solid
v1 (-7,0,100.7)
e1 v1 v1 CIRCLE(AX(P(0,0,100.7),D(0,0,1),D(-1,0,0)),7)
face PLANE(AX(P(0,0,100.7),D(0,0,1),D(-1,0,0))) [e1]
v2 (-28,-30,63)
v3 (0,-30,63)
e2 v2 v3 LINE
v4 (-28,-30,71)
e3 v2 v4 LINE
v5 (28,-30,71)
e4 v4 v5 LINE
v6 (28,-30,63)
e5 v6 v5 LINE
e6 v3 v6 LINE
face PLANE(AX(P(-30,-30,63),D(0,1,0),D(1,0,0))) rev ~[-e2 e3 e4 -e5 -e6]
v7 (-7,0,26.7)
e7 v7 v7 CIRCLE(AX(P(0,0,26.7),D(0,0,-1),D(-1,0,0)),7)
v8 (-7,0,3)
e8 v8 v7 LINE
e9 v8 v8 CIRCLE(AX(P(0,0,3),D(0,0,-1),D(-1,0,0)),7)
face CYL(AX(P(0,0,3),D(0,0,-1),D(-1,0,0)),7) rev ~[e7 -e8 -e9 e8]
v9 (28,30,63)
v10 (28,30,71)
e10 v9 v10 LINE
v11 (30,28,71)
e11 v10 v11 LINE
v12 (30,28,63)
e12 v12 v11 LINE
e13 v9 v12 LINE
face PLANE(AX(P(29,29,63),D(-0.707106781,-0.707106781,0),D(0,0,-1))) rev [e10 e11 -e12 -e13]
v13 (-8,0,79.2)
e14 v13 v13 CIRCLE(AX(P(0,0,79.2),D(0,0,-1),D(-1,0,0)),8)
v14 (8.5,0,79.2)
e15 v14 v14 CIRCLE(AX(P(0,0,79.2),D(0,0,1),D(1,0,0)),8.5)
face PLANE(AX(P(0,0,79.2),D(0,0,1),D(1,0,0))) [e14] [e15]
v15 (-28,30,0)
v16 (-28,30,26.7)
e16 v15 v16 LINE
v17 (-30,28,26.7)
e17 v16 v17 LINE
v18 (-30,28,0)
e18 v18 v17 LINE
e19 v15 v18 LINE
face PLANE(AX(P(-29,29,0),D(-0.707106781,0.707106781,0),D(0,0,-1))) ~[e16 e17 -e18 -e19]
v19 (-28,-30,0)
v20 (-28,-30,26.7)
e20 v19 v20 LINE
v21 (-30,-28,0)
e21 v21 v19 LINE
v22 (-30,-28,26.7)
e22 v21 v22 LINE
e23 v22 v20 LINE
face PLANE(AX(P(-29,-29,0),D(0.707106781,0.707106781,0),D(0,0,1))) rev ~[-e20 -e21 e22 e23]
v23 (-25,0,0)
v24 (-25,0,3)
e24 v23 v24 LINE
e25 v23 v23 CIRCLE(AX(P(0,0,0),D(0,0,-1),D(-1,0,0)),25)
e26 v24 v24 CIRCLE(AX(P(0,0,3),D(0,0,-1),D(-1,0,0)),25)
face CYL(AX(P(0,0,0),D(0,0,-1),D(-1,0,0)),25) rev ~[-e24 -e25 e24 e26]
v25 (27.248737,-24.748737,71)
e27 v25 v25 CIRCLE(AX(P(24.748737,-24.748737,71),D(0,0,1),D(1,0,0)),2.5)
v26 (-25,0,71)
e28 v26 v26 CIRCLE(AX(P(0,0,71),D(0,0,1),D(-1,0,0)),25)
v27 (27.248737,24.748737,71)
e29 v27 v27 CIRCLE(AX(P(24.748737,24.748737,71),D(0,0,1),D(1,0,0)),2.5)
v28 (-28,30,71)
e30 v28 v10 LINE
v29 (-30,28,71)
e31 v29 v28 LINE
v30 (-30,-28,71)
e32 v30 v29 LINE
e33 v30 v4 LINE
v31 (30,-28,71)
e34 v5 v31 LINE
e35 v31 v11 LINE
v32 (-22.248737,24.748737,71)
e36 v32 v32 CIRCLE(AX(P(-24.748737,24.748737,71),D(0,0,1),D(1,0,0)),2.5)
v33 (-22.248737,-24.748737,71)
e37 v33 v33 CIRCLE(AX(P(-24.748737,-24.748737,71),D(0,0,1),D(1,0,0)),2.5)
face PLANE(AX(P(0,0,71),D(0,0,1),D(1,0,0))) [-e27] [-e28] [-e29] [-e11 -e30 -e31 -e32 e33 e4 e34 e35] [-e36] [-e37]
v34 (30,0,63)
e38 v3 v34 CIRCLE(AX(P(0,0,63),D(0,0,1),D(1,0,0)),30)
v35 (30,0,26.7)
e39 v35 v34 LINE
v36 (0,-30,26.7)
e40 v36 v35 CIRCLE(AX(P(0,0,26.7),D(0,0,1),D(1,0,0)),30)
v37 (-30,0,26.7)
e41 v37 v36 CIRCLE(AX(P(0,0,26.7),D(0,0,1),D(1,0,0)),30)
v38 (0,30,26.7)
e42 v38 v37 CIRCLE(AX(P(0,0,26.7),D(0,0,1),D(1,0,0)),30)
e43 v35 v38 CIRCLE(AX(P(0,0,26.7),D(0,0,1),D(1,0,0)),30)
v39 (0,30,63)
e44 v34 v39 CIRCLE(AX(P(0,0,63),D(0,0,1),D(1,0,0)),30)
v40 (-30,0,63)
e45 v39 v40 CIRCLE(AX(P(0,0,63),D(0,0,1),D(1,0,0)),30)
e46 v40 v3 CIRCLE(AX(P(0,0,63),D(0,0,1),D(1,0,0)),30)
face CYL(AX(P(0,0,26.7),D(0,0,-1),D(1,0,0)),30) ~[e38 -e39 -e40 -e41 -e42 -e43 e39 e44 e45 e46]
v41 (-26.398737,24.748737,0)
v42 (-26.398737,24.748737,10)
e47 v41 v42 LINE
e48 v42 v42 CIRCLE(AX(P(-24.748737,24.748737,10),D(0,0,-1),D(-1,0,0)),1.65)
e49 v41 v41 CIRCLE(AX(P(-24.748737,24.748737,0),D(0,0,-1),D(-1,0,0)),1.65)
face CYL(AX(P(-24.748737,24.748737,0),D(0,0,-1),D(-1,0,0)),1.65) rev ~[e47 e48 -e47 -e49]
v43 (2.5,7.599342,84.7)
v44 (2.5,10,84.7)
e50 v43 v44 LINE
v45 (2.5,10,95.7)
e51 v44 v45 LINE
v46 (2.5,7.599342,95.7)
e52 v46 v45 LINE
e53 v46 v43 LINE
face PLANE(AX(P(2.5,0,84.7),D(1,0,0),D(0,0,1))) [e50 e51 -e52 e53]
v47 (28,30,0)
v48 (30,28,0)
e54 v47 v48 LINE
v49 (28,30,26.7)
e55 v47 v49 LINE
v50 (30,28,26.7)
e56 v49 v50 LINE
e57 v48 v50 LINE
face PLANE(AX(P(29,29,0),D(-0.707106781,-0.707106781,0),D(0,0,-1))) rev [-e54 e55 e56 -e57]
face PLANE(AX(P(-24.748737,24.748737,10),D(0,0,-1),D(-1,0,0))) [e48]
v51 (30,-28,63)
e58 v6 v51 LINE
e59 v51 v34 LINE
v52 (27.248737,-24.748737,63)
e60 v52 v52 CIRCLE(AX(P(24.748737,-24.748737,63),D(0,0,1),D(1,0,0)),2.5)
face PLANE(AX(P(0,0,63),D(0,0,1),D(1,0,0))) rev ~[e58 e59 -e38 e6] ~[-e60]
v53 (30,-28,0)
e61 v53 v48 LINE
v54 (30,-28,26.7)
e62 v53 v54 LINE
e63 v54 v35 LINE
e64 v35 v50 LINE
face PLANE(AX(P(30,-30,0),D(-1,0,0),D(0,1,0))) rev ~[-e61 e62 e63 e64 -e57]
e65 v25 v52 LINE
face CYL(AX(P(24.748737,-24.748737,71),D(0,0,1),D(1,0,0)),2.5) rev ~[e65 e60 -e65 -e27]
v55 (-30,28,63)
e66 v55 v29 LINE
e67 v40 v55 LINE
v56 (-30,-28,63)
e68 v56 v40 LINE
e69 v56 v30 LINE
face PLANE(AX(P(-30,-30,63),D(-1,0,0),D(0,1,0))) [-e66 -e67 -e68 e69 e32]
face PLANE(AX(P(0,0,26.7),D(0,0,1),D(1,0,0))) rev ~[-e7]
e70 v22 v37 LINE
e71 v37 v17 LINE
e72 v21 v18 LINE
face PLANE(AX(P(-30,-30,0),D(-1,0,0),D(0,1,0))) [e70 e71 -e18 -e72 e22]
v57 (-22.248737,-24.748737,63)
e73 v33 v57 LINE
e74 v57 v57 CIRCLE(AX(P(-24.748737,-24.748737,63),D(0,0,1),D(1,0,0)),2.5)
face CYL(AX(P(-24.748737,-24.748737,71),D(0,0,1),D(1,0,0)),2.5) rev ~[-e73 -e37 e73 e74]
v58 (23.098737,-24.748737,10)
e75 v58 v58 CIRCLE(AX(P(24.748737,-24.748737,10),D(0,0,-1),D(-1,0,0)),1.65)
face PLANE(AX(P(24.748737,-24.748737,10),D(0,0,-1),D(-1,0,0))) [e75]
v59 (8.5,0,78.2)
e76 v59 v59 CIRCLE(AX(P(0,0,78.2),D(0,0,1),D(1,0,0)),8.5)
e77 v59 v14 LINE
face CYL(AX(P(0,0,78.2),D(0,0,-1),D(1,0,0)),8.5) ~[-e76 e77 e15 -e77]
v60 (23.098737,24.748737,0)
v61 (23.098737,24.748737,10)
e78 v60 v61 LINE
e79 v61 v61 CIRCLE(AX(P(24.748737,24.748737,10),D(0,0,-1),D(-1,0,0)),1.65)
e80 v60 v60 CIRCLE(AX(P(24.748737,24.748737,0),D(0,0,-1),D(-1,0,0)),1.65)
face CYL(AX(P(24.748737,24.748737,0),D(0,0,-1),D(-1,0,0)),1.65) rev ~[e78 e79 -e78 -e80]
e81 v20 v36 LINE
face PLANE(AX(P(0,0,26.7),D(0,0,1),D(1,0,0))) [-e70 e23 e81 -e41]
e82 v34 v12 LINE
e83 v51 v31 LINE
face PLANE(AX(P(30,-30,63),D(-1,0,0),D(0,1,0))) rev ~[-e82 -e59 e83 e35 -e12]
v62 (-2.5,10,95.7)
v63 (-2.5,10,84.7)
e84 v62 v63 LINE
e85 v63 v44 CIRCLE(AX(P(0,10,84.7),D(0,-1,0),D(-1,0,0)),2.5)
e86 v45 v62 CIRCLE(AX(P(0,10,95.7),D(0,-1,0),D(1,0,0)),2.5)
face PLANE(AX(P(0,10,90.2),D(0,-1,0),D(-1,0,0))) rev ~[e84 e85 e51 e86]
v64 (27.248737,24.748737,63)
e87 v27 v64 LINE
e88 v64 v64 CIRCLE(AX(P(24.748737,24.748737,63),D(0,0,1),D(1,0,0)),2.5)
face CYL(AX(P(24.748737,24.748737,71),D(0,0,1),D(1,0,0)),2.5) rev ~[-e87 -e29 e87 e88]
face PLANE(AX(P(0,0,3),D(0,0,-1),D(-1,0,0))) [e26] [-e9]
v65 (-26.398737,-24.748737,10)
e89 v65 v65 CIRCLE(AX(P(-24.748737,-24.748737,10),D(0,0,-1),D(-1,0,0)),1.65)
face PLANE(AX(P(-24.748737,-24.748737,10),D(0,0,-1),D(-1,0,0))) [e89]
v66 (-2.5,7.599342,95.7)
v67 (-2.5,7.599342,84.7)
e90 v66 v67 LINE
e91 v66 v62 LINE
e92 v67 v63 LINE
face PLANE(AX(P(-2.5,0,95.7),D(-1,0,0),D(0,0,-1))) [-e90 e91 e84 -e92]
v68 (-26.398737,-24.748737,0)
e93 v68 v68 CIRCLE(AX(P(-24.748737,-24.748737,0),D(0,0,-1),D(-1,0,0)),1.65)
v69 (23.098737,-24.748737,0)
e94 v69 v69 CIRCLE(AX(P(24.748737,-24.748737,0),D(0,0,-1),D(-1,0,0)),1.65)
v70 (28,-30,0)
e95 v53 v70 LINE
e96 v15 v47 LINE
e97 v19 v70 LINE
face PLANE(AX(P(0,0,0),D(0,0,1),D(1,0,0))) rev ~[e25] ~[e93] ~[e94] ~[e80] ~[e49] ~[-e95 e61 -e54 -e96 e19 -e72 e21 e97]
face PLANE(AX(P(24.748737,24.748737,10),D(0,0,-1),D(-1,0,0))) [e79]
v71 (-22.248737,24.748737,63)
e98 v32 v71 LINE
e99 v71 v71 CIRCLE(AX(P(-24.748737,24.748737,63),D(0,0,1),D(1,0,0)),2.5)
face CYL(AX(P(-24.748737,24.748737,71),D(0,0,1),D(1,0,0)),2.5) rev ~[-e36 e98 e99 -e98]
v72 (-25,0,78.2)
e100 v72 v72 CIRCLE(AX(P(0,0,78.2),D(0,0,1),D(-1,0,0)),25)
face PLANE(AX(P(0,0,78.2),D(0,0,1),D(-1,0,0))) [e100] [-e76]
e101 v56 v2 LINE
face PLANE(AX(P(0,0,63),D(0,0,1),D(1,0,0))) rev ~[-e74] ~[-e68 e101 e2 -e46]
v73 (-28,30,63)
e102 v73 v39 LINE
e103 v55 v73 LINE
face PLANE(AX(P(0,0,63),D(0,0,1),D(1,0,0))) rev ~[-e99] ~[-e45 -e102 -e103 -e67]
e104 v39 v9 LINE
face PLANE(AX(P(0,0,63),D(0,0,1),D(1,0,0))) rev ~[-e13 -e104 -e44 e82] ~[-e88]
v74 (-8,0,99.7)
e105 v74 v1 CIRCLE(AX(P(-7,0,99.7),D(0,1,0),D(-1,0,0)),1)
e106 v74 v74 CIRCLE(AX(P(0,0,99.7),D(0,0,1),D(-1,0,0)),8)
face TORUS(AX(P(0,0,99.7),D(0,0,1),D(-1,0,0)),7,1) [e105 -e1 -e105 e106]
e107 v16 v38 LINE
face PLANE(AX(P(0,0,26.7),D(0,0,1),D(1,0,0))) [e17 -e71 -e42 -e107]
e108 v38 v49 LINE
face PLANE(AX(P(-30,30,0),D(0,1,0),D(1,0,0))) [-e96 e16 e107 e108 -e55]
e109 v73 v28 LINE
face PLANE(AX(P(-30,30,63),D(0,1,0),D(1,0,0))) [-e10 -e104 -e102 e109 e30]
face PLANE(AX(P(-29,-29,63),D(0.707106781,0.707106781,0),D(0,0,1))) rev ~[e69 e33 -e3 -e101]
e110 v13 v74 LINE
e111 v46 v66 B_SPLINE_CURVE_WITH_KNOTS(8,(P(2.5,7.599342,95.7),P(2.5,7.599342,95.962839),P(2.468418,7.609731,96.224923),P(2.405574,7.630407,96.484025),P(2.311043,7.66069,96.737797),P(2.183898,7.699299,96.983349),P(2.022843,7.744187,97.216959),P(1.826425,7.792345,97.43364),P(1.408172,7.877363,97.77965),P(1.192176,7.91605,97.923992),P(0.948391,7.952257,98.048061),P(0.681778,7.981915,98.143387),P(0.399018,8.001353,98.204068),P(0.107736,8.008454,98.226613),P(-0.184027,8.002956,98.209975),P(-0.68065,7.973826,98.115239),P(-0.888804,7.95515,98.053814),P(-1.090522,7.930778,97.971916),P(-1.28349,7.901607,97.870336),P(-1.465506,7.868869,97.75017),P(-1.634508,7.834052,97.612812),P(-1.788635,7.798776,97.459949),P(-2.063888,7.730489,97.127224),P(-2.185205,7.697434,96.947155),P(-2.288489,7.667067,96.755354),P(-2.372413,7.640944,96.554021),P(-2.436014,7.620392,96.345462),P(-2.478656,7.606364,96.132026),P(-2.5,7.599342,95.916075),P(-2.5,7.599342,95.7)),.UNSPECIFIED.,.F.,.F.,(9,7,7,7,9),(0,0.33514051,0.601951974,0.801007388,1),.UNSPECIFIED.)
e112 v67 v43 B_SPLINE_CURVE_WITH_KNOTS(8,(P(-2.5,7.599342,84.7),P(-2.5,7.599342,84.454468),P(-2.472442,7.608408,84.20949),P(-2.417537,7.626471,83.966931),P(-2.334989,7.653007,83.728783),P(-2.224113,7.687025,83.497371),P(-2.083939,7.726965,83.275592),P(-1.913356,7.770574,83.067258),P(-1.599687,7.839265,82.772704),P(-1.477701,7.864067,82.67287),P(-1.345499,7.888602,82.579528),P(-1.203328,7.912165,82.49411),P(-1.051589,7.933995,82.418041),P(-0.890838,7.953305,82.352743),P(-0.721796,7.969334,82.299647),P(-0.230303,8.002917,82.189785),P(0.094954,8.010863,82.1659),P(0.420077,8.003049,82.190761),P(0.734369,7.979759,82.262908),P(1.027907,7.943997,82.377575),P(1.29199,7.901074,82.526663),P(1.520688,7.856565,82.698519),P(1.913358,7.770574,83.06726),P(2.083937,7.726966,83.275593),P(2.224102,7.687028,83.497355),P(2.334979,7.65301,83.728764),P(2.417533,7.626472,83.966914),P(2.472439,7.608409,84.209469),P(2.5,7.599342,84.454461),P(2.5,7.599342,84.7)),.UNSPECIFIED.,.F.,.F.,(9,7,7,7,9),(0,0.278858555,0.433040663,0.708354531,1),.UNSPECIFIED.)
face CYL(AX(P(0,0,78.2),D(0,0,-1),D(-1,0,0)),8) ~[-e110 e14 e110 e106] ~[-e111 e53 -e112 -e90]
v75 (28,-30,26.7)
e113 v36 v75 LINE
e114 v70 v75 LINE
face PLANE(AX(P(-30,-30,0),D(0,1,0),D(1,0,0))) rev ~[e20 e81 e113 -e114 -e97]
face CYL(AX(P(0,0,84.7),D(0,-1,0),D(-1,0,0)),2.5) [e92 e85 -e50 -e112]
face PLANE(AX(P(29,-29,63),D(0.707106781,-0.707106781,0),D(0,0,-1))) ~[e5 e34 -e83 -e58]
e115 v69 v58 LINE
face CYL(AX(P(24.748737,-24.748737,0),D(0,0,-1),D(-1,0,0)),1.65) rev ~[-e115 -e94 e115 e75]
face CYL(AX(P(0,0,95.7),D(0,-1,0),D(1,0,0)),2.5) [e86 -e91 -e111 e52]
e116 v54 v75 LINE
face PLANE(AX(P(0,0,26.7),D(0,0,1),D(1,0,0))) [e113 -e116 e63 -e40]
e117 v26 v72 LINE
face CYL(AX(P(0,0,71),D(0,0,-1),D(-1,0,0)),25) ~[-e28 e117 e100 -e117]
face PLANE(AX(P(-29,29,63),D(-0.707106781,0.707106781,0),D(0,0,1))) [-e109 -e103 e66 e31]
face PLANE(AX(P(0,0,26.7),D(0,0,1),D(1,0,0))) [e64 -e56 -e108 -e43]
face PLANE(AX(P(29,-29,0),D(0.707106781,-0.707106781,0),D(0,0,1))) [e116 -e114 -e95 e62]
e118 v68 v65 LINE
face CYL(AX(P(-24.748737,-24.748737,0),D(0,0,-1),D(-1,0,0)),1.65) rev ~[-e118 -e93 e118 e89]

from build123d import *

# Parameters (mm, degrees)
SKETCH_1_W          = 60
SKETCH_1_H          = 60
EXTRUDE_1_DEPTH     = 26.7
SKETCH_2_R          = 25
CUT_EXTRUDE_1_DEPTH = 3
SKETCH_3_R          = 7
CUT_EXTRUDE_2_DEPTH = 49.597222143
SKETCH_4_R          = 1.65
CUT_EXTRUDE_3_DEPTH = 10
SKETCH_5_R          = 30
EXTRUDE_2_DEPTH     = 36.3
SKETCH_6_W          = 60
SKETCH_6_H          = 60
EXTRUDE_3_DEPTH     = 8
SKETCH_7_R          = 25
EXTRUDE_4_DEPTH     = 7.2
SKETCH_8_R          = 8
EXTRUDE_5_DEPTH     = 22.5
SKETCH_9_R          = 2.5
CUT_EXTRUDE_4_DEPTH = 8
EXTRUDE_6_DEPTH     = 10
CHAMFER_1_SIZE      = 2
FILLET_1_R          = 1
SKETCH_11_R         = 8.5
EXTRUDE_7_DEPTH     = 1


with BuildPart() as part:
    # 草图1 → 凸台-拉伸1 (new body)
    with BuildSketch(Plane.XY):
        Rectangle(SKETCH_1_W, SKETCH_1_H)
    extrude(amount=EXTRUDE_1_DEPTH)

    # 草图2 → 切除-拉伸1 (cut)
    with BuildSketch(Plane(origin=(0, 0, 0), x_dir=(-1, 0, 0), z_dir=(0, 0, -1))):
        Circle(SKETCH_2_R)
    extrude(amount=-CUT_EXTRUDE_1_DEPTH, mode=Mode.SUBTRACT)

    # 草图3 → 切除-拉伸2 (cut, through all)
    with BuildSketch(Plane(origin=(0, 0, 3), x_dir=(-1, 0, 0), z_dir=(0, 0, -1))):
        Circle(SKETCH_3_R)
    extrude(amount=-CUT_EXTRUDE_2_DEPTH, mode=Mode.SUBTRACT)

    # 草图4 → 切除-拉伸3 (cut)
    with BuildSketch(Plane(origin=(0, 0, 0), x_dir=(-1, 0, 0), z_dir=(0, 0, -1))):
        with Locations((24.748737342, 24.748737342)):
            Circle(SKETCH_4_R)
        with Locations((-24.748737342, 24.748737342)):
            Circle(SKETCH_4_R)
        with Locations((24.748737342, -24.748737342)):
            Circle(SKETCH_4_R)
        with Locations((-24.748737342, -24.748737342)):
            Circle(SKETCH_4_R)
    extrude(amount=-CUT_EXTRUDE_3_DEPTH, mode=Mode.SUBTRACT)

    # 草图5 → 凸台-拉伸2 (add)
    with BuildSketch(Plane.XY.offset(26.7)):
        Circle(SKETCH_5_R)
    extrude(amount=EXTRUDE_2_DEPTH)

    # 草图6 → 凸台-拉伸3 (add)
    with BuildSketch(Plane.XY.offset(63)):
        Rectangle(SKETCH_6_W, SKETCH_6_H)
    extrude(amount=EXTRUDE_3_DEPTH)

    # 草图7 → 凸台-拉伸4 (add)
    with BuildSketch(Plane.XY.offset(71)):
        with Locations(Location((0, 0, 0), (0, 0, 180))):
            Circle(SKETCH_7_R)
    extrude(amount=EXTRUDE_4_DEPTH)

    # 草图8 → 凸台-拉伸5 (add)
    with BuildSketch(Plane.XY.offset(78.2)):
        with Locations(Location((0, 0, 0), (0, 0, 180))):
            Circle(SKETCH_8_R)
    extrude(amount=EXTRUDE_5_DEPTH)

    # 草图9 → 切除-拉伸4 (cut)
    with BuildSketch(Plane.XY.offset(71)):
        with Locations((-24.748737342, 24.748737342)):
            Circle(SKETCH_9_R)
        with Locations((24.748737342, 24.748737342)):
            Circle(SKETCH_9_R)
        with Locations((24.748737342, -24.748737342)):
            Circle(SKETCH_9_R)
        with Locations((-24.748737342, -24.748737342)):
            Circle(SKETCH_9_R)
    extrude(amount=-CUT_EXTRUDE_4_DEPTH, mode=Mode.SUBTRACT)

    # 草图10 → 凸台-拉伸6 (add)
    with BuildSketch(Plane(origin=(0, 0, 0), x_dir=(1, 0, 0), z_dir=(0, 1, 0))):
        with BuildLine():
            Line((2.5, -84.7), (2.5, -95.7))
            ThreePointArc((2.5, -95.7), (0, -98.2), (-2.5, -95.7))
            Line((-2.5, -95.7), (-2.5, -84.7))
            ThreePointArc((-2.5, -84.7), (0, -82.2), (2.5, -84.7))
        make_face()
    extrude(amount=EXTRUDE_6_DEPTH)

    # 倒角1
    chamfer_1_edges = [part.edges().sort_by_distance(p)[0] for p in [
        (-30, 30, 67),
        (-30, -30, 67),
        (30, -30, 67),
        (30, 30, 67),
        (30, -30, 13.35),
        (-30, -30, 13.35),
        (-30, 30, 13.35),
        (30, 30, 13.35),
    ]]
    chamfer(chamfer_1_edges, length=CHAMFER_1_SIZE)

    # 圆角1
    fillet_1_edges = [part.edges().sort_by_distance(p)[0] for p in [
        (8, 0, 100.7),
    ]]
    fillet(fillet_1_edges, radius=FILLET_1_R)

    # 草图11 → 凸台-拉伸7 (add)
    with BuildSketch(Plane.XY.offset(78.2)):
        Circle(SKETCH_11_R)
    extrude(amount=EXTRUDE_7_DEPTH)


solid = part.part
